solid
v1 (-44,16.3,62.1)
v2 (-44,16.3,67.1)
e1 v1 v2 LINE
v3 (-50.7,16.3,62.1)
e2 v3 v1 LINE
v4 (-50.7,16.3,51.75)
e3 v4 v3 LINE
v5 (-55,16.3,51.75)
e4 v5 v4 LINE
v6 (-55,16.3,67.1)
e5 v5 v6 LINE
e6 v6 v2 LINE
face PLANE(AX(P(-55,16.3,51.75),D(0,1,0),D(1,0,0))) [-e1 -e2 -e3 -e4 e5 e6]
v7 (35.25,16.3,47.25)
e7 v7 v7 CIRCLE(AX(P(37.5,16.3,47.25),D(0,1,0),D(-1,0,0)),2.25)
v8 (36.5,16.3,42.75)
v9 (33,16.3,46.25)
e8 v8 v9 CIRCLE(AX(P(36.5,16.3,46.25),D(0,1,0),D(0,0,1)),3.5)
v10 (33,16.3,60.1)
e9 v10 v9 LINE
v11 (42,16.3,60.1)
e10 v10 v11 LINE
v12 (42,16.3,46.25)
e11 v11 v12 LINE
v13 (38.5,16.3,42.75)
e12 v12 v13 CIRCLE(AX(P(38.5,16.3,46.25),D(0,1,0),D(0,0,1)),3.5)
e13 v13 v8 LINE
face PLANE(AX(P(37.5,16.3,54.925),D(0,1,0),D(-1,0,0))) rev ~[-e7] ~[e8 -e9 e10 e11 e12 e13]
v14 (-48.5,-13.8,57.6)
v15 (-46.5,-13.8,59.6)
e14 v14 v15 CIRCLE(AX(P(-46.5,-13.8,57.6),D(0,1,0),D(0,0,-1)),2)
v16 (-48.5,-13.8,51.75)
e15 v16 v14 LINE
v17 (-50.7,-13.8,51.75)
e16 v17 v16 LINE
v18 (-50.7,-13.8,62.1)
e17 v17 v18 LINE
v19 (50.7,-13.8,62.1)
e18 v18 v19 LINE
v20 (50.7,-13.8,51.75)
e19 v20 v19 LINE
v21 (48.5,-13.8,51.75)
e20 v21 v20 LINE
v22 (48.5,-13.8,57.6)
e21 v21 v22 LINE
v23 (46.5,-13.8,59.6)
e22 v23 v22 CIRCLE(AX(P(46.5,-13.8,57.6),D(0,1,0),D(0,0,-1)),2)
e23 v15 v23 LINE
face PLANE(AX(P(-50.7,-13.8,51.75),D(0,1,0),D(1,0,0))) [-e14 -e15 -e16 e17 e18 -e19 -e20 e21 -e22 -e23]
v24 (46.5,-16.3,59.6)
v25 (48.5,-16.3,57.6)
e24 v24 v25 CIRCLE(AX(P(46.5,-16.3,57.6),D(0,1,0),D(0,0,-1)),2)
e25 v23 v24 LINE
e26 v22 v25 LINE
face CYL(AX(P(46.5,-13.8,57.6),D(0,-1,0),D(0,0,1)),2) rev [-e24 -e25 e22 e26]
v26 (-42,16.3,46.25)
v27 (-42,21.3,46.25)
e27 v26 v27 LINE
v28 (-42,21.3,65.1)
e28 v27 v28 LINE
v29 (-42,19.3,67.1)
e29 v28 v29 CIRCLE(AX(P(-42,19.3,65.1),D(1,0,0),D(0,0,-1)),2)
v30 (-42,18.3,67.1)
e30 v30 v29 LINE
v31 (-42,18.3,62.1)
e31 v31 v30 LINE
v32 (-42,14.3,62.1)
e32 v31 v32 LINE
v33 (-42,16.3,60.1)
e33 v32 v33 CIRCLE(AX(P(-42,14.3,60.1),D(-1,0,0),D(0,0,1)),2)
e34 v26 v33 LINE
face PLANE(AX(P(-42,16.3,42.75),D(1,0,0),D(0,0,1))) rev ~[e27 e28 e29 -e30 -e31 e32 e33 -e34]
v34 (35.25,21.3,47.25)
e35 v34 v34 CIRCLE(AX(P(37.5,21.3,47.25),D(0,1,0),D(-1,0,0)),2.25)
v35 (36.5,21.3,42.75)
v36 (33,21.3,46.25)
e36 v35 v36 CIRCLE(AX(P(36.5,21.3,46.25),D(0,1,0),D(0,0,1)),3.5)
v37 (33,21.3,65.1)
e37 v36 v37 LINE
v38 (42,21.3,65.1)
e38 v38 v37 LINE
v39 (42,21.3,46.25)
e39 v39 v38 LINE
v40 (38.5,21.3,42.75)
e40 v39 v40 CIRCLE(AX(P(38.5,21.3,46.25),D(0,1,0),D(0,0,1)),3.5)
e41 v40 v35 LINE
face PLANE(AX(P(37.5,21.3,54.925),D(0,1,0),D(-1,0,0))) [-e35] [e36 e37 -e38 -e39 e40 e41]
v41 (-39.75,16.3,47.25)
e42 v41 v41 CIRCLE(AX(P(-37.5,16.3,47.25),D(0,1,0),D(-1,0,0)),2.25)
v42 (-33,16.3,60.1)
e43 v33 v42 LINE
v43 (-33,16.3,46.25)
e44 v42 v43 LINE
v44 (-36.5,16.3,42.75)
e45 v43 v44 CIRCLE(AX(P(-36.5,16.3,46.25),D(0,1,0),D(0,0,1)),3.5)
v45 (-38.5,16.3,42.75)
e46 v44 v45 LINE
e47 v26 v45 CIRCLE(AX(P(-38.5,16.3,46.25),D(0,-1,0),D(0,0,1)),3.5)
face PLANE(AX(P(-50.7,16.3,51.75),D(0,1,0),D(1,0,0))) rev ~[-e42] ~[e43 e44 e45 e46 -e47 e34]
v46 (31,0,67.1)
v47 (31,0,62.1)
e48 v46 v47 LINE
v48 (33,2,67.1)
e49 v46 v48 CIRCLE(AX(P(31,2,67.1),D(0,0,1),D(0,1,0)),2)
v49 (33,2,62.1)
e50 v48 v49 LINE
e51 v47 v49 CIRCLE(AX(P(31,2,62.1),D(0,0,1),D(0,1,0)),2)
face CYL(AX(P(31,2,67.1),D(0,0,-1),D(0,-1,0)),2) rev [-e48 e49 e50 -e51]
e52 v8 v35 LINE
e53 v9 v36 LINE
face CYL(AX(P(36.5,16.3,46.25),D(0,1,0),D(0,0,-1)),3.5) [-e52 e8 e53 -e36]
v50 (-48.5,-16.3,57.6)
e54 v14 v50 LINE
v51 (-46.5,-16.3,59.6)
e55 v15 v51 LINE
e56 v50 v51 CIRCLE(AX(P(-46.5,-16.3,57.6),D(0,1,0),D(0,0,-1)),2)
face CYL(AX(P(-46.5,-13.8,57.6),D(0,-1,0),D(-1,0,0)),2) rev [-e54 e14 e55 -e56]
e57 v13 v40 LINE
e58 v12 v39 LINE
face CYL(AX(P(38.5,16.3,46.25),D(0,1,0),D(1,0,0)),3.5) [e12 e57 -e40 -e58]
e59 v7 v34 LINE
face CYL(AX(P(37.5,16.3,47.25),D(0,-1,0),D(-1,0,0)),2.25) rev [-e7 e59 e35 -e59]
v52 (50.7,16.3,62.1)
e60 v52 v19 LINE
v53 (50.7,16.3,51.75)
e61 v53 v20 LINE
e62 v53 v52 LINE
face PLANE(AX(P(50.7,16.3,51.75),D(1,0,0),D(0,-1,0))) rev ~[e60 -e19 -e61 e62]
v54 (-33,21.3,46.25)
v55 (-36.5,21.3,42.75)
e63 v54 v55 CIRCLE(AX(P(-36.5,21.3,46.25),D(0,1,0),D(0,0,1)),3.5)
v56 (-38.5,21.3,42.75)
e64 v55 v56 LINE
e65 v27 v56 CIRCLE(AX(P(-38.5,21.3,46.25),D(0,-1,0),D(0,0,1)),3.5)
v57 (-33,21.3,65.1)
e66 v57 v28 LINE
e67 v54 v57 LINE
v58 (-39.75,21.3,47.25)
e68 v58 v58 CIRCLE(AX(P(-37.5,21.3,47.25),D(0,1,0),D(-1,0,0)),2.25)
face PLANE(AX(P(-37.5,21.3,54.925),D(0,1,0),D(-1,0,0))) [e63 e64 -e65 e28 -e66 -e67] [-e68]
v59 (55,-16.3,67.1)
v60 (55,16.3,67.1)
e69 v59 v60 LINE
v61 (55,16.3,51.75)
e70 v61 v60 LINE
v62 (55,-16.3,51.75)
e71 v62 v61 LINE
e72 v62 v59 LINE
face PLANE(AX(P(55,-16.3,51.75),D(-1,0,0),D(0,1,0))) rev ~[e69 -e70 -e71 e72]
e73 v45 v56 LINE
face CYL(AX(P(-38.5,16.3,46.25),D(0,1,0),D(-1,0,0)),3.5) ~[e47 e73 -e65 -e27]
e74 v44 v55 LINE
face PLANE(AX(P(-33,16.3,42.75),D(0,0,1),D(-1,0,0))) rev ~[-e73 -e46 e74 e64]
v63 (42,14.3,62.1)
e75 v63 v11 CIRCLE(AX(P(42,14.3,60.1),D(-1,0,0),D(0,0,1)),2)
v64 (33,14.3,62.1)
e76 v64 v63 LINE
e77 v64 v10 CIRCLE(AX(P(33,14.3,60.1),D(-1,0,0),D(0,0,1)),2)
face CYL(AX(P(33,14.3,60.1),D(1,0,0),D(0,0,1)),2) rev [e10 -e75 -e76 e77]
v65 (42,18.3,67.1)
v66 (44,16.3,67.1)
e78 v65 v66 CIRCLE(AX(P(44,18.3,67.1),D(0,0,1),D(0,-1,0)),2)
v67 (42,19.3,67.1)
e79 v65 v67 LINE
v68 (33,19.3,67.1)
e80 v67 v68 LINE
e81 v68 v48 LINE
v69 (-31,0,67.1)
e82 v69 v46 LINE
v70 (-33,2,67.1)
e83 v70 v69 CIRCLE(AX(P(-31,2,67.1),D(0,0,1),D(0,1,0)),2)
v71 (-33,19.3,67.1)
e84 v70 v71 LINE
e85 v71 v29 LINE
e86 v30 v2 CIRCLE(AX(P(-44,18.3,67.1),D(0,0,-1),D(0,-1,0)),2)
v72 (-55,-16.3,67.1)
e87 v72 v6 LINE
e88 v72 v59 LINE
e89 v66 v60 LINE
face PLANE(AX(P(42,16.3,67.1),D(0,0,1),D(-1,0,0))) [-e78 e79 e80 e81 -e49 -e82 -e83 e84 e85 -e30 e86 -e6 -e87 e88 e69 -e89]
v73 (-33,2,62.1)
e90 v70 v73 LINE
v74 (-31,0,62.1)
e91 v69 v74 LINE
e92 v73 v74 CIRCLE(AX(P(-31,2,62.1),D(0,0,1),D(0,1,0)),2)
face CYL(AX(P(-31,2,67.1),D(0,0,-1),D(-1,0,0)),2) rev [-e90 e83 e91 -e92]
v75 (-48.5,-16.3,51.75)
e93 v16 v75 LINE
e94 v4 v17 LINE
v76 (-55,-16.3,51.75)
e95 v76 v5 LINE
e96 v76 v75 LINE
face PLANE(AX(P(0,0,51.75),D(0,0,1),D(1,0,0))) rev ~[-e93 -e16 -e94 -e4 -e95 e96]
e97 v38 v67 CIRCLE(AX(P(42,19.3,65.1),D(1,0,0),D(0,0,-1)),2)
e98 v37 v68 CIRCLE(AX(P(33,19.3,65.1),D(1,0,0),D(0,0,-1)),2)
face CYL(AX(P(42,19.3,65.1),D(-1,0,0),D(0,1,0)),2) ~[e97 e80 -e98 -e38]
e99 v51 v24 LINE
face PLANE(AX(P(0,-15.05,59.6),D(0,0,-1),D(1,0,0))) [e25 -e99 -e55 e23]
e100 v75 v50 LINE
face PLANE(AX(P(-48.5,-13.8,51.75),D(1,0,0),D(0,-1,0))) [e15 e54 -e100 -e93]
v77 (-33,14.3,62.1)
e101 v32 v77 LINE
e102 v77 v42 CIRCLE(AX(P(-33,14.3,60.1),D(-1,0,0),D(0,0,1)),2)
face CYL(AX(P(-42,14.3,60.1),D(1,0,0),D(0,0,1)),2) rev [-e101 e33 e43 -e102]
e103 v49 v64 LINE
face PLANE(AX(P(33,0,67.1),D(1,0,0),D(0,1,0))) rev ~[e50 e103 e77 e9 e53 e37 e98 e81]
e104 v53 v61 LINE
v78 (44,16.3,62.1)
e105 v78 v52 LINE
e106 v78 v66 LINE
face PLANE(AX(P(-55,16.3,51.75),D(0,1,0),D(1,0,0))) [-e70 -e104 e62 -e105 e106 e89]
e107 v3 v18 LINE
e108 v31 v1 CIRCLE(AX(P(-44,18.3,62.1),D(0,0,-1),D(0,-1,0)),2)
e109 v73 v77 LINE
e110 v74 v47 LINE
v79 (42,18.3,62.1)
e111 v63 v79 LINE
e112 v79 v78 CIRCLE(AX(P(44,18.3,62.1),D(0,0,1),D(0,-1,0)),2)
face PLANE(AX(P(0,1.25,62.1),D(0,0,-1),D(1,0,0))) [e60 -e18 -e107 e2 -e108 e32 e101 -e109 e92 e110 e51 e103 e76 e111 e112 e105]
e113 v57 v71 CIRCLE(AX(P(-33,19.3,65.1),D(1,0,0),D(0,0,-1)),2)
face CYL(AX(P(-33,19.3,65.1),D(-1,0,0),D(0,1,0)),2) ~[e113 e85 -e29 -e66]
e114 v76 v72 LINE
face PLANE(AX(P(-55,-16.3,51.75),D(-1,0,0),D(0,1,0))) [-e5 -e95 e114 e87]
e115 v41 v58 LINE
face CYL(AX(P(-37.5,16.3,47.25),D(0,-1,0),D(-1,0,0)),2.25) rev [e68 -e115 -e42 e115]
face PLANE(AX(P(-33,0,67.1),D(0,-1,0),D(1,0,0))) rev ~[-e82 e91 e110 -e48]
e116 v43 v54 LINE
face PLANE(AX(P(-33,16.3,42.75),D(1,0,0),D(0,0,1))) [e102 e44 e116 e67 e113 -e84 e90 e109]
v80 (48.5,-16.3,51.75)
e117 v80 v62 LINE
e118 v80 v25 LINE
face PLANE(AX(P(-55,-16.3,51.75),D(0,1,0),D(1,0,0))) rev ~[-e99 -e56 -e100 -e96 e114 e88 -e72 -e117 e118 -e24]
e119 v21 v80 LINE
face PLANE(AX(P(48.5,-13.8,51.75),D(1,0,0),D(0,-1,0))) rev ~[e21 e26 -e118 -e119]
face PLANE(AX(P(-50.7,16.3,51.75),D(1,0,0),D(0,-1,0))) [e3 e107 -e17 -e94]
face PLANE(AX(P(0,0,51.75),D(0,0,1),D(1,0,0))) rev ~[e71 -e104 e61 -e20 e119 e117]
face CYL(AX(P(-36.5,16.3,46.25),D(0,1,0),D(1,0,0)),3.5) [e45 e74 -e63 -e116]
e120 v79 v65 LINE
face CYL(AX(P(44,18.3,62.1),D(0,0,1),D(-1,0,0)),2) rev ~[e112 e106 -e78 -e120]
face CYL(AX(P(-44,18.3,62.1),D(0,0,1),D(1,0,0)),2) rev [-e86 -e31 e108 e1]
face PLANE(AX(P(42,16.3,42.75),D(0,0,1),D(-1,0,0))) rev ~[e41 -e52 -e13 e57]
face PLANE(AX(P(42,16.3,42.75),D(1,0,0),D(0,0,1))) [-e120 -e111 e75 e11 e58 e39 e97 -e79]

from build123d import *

# Parameters (mm, degrees)
SKETCH045_W     = 110
SKETCH045_H     = 32.6
PAD025_DEPTH    = 15.35
SKETCH046_W     = 9
SKETCH046_H     = 24.35
SKETCH046_R     = 2.25
PAD026_DEPTH    = 5
FILLET018_R     = 3.5
SKETCH047_W     = 101.4
SKETCH047_H     = 30.1
POCKET021_DEPTH = 10.35
SKETCH048_W     = 97
SKETCH048_H     = 2.5
POCKET022_DEPTH = 7.85
FILLET019_R     = 2
SKETCH049_W     = 66
SKETCH049_H     = 16.3
POCKET023_DEPTH = 5
FILLET020_R     = 2
FILLET021_R     = 2


with BuildPart() as part:
    # Sketch045 → Pad025 (new body)
    with BuildSketch(Plane.XY):
        Rectangle(SKETCH045_W, SKETCH045_H)
    extrude(amount=PAD025_DEPTH)

    # Sketch046 (on Face1 of Pad025) → Pad026 (join)
    with BuildSketch(Plane(origin=(0, 16.3, 0), x_dir=(-1, 0, 0), z_dir=(0, 1, 0))):
        with Locations((-37.5, 3.175)):
            Rectangle(SKETCH046_W, SKETCH046_H)
        with Locations((-37.5, -4.5)):
            Circle(SKETCH046_R, mode=Mode.SUBTRACT)
        with Locations((37.5, 3.175)):
            Rectangle(SKETCH046_W, SKETCH046_H)
        with Locations((37.5, -4.5)):
            Circle(SKETCH046_R, mode=Mode.SUBTRACT)
    extrude(amount=PAD026_DEPTH)

    # Fillet018
    fillet018_edges = [part.edges().sort_by_distance(p)[0] for p in [
        (42, 18.8, -9),
        (33, 18.8, -9),
        (-33, 18.8, -9),
        (-42, 18.8, -9),
    ]]
    fillet(fillet018_edges, radius=FILLET018_R)

    # Sketch047 (on Face7 of Fillet018) → Pocket021 (cut)
    with BuildSketch(Plane(origin=(0, 0, 0), x_dir=(1, 0, 0), z_dir=(0, 0, -1))):
        with Locations((0, -1.25)):
            Rectangle(SKETCH047_W, SKETCH047_H)
    extrude(amount=-POCKET021_DEPTH, mode=Mode.SUBTRACT)

    # Sketch048 (on Face12 of Pocket021) → Pocket022 (cut)
    with BuildSketch(Plane(origin=(0, 0, 0), x_dir=(1, 0, 0), z_dir=(0, 0, -1))):
        with Locations((0, 15.05)):
            Rectangle(SKETCH048_W, SKETCH048_H)
    extrude(amount=-POCKET022_DEPTH, mode=Mode.SUBTRACT)

    # Fillet019
    fillet019_edges = [part.edges().sort_by_distance(p)[0] for p in [
        (-48.5, -15.05, 7.85),
        (48.5, -15.05, 7.85),
    ]]
    fillet(fillet019_edges, radius=FILLET019_R)

    # Sketch049 (on Face20 of Fillet019) → Pocket023 (cut)
    with BuildSketch(Plane.XY.offset(15.35)):
        with Locations((0, 8.15)):
            Rectangle(SKETCH049_W, SKETCH049_H)
    extrude(amount=-POCKET023_DEPTH, mode=Mode.SUBTRACT)

    # Fillet020
    fillet020_edges = [part.edges().sort_by_distance(p)[0] for p in [
        (-33, 0, 12.85),
        (33, 0, 12.85),
        (-37.5, 16.3, 10.35),
        (37.5, 16.3, 10.35),
        (37.5, 21.3, 15.35),
        (-37.5, 21.3, 15.35),
    ]]
    fillet(fillet020_edges, radius=FILLET020_R)

    # Fillet021
    fillet021_edges = [part.edges().sort_by_distance(p)[0] for p in [
        (42, 16.3, 12.85),
        (-42, 16.3, 12.85),
    ]]
    fillet(fillet021_edges, radius=FILLET021_R)


with BuildPart() as part_1:
    # Body011 placement: moved
    add(part.part.moved(Location((0, 0, 51.75))))


solid = part_1.part
